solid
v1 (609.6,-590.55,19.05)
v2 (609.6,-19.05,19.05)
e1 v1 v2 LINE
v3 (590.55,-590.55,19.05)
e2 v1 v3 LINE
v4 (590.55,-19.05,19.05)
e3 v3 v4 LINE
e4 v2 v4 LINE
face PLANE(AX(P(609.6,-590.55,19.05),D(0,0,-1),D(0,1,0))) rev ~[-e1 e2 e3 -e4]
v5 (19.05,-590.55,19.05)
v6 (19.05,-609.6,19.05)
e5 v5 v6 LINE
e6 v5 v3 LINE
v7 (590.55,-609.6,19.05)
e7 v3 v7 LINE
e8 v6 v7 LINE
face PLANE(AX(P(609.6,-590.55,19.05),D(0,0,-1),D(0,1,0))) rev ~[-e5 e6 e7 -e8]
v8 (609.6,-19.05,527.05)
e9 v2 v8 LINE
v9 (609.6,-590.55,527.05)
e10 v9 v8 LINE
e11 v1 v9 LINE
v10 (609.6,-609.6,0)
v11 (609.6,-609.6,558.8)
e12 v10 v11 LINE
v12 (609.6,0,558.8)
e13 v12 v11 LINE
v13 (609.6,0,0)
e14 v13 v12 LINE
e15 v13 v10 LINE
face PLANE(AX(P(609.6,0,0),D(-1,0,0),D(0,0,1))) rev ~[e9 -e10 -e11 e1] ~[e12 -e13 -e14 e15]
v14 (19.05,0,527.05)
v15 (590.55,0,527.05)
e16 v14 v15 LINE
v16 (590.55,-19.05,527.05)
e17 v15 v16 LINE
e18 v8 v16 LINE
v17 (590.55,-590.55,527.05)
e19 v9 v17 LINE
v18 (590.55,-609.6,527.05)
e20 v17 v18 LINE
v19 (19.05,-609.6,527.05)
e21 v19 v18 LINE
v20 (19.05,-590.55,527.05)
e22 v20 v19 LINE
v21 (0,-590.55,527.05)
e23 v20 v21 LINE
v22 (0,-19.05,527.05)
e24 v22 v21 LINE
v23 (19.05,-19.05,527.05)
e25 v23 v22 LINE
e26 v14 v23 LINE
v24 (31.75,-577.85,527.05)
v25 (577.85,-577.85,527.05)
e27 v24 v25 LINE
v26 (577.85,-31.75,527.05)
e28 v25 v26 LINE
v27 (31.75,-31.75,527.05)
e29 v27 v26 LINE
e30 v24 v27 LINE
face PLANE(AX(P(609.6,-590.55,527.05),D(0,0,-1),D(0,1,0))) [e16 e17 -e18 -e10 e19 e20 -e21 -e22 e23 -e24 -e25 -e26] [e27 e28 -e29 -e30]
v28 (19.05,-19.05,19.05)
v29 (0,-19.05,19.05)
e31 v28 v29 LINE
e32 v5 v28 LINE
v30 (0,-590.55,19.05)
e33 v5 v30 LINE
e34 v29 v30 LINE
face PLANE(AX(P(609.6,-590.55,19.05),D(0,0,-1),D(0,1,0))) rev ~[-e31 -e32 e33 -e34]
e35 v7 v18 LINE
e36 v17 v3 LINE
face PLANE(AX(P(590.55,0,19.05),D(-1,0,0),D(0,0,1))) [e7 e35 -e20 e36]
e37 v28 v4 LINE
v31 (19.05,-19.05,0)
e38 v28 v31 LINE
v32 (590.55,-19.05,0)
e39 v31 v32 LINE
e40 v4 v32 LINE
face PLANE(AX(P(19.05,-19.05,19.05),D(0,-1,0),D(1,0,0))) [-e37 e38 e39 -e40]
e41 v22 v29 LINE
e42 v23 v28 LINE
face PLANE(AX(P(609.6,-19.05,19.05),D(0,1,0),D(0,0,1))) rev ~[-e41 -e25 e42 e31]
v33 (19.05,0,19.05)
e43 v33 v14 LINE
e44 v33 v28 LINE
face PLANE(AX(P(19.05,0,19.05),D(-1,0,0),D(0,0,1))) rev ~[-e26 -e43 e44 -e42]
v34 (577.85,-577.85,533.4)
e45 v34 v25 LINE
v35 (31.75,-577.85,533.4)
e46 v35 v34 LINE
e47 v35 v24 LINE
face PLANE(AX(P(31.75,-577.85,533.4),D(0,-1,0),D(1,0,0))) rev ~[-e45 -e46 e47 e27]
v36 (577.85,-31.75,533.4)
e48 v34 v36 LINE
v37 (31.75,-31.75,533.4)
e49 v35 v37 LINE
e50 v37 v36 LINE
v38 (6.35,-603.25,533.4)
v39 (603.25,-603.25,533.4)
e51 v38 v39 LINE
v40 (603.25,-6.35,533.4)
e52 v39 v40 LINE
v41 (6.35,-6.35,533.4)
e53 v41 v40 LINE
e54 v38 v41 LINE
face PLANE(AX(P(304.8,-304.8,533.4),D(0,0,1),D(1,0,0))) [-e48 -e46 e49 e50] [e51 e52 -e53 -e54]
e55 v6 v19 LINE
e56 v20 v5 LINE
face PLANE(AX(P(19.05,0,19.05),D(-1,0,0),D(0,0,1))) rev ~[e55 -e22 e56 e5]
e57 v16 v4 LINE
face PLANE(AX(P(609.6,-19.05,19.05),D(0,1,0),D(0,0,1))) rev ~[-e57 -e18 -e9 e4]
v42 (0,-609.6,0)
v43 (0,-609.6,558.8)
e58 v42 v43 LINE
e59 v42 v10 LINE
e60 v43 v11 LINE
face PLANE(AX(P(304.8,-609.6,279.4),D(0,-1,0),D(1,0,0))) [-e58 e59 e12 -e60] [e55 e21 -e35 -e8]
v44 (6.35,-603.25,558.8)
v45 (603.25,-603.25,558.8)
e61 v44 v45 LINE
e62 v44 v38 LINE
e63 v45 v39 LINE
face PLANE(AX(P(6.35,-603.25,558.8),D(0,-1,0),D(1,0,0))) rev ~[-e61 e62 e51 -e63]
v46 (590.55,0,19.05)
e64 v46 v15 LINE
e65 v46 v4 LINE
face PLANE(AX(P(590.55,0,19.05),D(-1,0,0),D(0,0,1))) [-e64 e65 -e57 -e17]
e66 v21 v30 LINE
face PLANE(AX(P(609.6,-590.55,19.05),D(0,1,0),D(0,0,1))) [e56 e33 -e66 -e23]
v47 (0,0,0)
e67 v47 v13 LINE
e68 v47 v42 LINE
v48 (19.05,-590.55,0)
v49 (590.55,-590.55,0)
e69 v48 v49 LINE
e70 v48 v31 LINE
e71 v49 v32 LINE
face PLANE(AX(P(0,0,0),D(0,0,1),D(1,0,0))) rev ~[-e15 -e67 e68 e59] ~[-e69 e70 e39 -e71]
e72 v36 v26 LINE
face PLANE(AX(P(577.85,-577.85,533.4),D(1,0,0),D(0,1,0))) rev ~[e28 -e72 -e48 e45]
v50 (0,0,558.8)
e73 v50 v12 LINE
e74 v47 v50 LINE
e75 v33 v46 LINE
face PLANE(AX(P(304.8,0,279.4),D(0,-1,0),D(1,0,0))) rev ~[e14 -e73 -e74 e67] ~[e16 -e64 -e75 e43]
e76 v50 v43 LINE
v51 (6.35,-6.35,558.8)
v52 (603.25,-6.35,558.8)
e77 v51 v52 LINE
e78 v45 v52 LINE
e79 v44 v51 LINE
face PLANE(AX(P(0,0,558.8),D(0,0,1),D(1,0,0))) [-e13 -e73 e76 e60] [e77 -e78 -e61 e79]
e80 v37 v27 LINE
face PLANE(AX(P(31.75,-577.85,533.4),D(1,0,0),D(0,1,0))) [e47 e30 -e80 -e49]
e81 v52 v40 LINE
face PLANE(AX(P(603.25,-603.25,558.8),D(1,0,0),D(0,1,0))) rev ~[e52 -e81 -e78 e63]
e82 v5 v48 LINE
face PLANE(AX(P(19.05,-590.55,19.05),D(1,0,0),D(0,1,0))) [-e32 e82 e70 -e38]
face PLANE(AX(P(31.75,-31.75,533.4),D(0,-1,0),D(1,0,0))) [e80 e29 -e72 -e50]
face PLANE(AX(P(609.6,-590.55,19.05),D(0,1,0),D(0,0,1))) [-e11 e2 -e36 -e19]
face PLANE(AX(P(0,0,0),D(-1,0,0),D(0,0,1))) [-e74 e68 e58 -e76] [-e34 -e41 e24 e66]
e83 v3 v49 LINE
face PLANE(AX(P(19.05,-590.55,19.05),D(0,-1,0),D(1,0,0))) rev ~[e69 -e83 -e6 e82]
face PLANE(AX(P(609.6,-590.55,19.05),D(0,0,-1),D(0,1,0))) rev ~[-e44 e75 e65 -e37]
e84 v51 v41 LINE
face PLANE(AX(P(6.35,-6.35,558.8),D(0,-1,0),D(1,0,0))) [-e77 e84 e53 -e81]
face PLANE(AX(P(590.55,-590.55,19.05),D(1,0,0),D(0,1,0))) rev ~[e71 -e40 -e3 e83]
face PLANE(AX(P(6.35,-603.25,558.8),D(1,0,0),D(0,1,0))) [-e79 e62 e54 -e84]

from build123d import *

# Parameters (mm, degrees)
F0_W     = 609.6
F0_H     = 558.8
F0_W_2   = 571.5
F0_H_2   = 508
F1_DEPTH = 609.6
F2_W     = 571.5
F2_H     = 508
F3_DEPTH = 609.601
F4_W     = 596.9
F4_H     = 596.9
F5_DEPTH = 25.4
F6_W     = 546.1
F6_H     = 546.1
F7_DEPTH = 6.35
F8_W     = 571.5
F8_H     = 571.5
F9_DEPTH = 19.05


with BuildPart() as f1:
    # F0 (on Front) → F1 (new body)
    with BuildSketch(Plane.XZ):
        with Locations((304.8, 279.4)):
            Rectangle(F0_W, F0_H)
        with Locations((304.8, 273.05)):
            Rectangle(F0_W_2, F0_H_2, mode=Mode.SUBTRACT)
    extrude(amount=F1_DEPTH)

    # F2 (on face) → F3 (cut, through all)
    with BuildSketch(Plane.YZ.offset(609.6)):
        with Locations((-304.8, 273.05)):
            Rectangle(F2_W, F2_H)
    extrude(amount=-F3_DEPTH, mode=Mode.SUBTRACT)

    # F4 (on face) → F5 (cut)
    with BuildSketch(Plane.XY.offset(558.8)):
        with Locations((304.8, -304.8)):
            Rectangle(F4_W, F4_H)
    extrude(amount=-F5_DEPTH, mode=Mode.SUBTRACT)

    # F6 (on face) → F7 (cut, through all)
    with BuildSketch(Plane.XY.offset(533.4)):
        with Locations((304.8, -304.8)):
            Rectangle(F6_W, F6_H)
    extrude(amount=-F7_DEPTH, mode=Mode.SUBTRACT)

    # F8 (on face) → F9 (cut, through all)
    with BuildSketch(Plane.XY.offset(19.05)):
        with Locations((304.8, -304.8)):
            Rectangle(F8_W, F8_H)
    extrude(amount=-F9_DEPTH, mode=Mode.SUBTRACT)


solid = f1.part
